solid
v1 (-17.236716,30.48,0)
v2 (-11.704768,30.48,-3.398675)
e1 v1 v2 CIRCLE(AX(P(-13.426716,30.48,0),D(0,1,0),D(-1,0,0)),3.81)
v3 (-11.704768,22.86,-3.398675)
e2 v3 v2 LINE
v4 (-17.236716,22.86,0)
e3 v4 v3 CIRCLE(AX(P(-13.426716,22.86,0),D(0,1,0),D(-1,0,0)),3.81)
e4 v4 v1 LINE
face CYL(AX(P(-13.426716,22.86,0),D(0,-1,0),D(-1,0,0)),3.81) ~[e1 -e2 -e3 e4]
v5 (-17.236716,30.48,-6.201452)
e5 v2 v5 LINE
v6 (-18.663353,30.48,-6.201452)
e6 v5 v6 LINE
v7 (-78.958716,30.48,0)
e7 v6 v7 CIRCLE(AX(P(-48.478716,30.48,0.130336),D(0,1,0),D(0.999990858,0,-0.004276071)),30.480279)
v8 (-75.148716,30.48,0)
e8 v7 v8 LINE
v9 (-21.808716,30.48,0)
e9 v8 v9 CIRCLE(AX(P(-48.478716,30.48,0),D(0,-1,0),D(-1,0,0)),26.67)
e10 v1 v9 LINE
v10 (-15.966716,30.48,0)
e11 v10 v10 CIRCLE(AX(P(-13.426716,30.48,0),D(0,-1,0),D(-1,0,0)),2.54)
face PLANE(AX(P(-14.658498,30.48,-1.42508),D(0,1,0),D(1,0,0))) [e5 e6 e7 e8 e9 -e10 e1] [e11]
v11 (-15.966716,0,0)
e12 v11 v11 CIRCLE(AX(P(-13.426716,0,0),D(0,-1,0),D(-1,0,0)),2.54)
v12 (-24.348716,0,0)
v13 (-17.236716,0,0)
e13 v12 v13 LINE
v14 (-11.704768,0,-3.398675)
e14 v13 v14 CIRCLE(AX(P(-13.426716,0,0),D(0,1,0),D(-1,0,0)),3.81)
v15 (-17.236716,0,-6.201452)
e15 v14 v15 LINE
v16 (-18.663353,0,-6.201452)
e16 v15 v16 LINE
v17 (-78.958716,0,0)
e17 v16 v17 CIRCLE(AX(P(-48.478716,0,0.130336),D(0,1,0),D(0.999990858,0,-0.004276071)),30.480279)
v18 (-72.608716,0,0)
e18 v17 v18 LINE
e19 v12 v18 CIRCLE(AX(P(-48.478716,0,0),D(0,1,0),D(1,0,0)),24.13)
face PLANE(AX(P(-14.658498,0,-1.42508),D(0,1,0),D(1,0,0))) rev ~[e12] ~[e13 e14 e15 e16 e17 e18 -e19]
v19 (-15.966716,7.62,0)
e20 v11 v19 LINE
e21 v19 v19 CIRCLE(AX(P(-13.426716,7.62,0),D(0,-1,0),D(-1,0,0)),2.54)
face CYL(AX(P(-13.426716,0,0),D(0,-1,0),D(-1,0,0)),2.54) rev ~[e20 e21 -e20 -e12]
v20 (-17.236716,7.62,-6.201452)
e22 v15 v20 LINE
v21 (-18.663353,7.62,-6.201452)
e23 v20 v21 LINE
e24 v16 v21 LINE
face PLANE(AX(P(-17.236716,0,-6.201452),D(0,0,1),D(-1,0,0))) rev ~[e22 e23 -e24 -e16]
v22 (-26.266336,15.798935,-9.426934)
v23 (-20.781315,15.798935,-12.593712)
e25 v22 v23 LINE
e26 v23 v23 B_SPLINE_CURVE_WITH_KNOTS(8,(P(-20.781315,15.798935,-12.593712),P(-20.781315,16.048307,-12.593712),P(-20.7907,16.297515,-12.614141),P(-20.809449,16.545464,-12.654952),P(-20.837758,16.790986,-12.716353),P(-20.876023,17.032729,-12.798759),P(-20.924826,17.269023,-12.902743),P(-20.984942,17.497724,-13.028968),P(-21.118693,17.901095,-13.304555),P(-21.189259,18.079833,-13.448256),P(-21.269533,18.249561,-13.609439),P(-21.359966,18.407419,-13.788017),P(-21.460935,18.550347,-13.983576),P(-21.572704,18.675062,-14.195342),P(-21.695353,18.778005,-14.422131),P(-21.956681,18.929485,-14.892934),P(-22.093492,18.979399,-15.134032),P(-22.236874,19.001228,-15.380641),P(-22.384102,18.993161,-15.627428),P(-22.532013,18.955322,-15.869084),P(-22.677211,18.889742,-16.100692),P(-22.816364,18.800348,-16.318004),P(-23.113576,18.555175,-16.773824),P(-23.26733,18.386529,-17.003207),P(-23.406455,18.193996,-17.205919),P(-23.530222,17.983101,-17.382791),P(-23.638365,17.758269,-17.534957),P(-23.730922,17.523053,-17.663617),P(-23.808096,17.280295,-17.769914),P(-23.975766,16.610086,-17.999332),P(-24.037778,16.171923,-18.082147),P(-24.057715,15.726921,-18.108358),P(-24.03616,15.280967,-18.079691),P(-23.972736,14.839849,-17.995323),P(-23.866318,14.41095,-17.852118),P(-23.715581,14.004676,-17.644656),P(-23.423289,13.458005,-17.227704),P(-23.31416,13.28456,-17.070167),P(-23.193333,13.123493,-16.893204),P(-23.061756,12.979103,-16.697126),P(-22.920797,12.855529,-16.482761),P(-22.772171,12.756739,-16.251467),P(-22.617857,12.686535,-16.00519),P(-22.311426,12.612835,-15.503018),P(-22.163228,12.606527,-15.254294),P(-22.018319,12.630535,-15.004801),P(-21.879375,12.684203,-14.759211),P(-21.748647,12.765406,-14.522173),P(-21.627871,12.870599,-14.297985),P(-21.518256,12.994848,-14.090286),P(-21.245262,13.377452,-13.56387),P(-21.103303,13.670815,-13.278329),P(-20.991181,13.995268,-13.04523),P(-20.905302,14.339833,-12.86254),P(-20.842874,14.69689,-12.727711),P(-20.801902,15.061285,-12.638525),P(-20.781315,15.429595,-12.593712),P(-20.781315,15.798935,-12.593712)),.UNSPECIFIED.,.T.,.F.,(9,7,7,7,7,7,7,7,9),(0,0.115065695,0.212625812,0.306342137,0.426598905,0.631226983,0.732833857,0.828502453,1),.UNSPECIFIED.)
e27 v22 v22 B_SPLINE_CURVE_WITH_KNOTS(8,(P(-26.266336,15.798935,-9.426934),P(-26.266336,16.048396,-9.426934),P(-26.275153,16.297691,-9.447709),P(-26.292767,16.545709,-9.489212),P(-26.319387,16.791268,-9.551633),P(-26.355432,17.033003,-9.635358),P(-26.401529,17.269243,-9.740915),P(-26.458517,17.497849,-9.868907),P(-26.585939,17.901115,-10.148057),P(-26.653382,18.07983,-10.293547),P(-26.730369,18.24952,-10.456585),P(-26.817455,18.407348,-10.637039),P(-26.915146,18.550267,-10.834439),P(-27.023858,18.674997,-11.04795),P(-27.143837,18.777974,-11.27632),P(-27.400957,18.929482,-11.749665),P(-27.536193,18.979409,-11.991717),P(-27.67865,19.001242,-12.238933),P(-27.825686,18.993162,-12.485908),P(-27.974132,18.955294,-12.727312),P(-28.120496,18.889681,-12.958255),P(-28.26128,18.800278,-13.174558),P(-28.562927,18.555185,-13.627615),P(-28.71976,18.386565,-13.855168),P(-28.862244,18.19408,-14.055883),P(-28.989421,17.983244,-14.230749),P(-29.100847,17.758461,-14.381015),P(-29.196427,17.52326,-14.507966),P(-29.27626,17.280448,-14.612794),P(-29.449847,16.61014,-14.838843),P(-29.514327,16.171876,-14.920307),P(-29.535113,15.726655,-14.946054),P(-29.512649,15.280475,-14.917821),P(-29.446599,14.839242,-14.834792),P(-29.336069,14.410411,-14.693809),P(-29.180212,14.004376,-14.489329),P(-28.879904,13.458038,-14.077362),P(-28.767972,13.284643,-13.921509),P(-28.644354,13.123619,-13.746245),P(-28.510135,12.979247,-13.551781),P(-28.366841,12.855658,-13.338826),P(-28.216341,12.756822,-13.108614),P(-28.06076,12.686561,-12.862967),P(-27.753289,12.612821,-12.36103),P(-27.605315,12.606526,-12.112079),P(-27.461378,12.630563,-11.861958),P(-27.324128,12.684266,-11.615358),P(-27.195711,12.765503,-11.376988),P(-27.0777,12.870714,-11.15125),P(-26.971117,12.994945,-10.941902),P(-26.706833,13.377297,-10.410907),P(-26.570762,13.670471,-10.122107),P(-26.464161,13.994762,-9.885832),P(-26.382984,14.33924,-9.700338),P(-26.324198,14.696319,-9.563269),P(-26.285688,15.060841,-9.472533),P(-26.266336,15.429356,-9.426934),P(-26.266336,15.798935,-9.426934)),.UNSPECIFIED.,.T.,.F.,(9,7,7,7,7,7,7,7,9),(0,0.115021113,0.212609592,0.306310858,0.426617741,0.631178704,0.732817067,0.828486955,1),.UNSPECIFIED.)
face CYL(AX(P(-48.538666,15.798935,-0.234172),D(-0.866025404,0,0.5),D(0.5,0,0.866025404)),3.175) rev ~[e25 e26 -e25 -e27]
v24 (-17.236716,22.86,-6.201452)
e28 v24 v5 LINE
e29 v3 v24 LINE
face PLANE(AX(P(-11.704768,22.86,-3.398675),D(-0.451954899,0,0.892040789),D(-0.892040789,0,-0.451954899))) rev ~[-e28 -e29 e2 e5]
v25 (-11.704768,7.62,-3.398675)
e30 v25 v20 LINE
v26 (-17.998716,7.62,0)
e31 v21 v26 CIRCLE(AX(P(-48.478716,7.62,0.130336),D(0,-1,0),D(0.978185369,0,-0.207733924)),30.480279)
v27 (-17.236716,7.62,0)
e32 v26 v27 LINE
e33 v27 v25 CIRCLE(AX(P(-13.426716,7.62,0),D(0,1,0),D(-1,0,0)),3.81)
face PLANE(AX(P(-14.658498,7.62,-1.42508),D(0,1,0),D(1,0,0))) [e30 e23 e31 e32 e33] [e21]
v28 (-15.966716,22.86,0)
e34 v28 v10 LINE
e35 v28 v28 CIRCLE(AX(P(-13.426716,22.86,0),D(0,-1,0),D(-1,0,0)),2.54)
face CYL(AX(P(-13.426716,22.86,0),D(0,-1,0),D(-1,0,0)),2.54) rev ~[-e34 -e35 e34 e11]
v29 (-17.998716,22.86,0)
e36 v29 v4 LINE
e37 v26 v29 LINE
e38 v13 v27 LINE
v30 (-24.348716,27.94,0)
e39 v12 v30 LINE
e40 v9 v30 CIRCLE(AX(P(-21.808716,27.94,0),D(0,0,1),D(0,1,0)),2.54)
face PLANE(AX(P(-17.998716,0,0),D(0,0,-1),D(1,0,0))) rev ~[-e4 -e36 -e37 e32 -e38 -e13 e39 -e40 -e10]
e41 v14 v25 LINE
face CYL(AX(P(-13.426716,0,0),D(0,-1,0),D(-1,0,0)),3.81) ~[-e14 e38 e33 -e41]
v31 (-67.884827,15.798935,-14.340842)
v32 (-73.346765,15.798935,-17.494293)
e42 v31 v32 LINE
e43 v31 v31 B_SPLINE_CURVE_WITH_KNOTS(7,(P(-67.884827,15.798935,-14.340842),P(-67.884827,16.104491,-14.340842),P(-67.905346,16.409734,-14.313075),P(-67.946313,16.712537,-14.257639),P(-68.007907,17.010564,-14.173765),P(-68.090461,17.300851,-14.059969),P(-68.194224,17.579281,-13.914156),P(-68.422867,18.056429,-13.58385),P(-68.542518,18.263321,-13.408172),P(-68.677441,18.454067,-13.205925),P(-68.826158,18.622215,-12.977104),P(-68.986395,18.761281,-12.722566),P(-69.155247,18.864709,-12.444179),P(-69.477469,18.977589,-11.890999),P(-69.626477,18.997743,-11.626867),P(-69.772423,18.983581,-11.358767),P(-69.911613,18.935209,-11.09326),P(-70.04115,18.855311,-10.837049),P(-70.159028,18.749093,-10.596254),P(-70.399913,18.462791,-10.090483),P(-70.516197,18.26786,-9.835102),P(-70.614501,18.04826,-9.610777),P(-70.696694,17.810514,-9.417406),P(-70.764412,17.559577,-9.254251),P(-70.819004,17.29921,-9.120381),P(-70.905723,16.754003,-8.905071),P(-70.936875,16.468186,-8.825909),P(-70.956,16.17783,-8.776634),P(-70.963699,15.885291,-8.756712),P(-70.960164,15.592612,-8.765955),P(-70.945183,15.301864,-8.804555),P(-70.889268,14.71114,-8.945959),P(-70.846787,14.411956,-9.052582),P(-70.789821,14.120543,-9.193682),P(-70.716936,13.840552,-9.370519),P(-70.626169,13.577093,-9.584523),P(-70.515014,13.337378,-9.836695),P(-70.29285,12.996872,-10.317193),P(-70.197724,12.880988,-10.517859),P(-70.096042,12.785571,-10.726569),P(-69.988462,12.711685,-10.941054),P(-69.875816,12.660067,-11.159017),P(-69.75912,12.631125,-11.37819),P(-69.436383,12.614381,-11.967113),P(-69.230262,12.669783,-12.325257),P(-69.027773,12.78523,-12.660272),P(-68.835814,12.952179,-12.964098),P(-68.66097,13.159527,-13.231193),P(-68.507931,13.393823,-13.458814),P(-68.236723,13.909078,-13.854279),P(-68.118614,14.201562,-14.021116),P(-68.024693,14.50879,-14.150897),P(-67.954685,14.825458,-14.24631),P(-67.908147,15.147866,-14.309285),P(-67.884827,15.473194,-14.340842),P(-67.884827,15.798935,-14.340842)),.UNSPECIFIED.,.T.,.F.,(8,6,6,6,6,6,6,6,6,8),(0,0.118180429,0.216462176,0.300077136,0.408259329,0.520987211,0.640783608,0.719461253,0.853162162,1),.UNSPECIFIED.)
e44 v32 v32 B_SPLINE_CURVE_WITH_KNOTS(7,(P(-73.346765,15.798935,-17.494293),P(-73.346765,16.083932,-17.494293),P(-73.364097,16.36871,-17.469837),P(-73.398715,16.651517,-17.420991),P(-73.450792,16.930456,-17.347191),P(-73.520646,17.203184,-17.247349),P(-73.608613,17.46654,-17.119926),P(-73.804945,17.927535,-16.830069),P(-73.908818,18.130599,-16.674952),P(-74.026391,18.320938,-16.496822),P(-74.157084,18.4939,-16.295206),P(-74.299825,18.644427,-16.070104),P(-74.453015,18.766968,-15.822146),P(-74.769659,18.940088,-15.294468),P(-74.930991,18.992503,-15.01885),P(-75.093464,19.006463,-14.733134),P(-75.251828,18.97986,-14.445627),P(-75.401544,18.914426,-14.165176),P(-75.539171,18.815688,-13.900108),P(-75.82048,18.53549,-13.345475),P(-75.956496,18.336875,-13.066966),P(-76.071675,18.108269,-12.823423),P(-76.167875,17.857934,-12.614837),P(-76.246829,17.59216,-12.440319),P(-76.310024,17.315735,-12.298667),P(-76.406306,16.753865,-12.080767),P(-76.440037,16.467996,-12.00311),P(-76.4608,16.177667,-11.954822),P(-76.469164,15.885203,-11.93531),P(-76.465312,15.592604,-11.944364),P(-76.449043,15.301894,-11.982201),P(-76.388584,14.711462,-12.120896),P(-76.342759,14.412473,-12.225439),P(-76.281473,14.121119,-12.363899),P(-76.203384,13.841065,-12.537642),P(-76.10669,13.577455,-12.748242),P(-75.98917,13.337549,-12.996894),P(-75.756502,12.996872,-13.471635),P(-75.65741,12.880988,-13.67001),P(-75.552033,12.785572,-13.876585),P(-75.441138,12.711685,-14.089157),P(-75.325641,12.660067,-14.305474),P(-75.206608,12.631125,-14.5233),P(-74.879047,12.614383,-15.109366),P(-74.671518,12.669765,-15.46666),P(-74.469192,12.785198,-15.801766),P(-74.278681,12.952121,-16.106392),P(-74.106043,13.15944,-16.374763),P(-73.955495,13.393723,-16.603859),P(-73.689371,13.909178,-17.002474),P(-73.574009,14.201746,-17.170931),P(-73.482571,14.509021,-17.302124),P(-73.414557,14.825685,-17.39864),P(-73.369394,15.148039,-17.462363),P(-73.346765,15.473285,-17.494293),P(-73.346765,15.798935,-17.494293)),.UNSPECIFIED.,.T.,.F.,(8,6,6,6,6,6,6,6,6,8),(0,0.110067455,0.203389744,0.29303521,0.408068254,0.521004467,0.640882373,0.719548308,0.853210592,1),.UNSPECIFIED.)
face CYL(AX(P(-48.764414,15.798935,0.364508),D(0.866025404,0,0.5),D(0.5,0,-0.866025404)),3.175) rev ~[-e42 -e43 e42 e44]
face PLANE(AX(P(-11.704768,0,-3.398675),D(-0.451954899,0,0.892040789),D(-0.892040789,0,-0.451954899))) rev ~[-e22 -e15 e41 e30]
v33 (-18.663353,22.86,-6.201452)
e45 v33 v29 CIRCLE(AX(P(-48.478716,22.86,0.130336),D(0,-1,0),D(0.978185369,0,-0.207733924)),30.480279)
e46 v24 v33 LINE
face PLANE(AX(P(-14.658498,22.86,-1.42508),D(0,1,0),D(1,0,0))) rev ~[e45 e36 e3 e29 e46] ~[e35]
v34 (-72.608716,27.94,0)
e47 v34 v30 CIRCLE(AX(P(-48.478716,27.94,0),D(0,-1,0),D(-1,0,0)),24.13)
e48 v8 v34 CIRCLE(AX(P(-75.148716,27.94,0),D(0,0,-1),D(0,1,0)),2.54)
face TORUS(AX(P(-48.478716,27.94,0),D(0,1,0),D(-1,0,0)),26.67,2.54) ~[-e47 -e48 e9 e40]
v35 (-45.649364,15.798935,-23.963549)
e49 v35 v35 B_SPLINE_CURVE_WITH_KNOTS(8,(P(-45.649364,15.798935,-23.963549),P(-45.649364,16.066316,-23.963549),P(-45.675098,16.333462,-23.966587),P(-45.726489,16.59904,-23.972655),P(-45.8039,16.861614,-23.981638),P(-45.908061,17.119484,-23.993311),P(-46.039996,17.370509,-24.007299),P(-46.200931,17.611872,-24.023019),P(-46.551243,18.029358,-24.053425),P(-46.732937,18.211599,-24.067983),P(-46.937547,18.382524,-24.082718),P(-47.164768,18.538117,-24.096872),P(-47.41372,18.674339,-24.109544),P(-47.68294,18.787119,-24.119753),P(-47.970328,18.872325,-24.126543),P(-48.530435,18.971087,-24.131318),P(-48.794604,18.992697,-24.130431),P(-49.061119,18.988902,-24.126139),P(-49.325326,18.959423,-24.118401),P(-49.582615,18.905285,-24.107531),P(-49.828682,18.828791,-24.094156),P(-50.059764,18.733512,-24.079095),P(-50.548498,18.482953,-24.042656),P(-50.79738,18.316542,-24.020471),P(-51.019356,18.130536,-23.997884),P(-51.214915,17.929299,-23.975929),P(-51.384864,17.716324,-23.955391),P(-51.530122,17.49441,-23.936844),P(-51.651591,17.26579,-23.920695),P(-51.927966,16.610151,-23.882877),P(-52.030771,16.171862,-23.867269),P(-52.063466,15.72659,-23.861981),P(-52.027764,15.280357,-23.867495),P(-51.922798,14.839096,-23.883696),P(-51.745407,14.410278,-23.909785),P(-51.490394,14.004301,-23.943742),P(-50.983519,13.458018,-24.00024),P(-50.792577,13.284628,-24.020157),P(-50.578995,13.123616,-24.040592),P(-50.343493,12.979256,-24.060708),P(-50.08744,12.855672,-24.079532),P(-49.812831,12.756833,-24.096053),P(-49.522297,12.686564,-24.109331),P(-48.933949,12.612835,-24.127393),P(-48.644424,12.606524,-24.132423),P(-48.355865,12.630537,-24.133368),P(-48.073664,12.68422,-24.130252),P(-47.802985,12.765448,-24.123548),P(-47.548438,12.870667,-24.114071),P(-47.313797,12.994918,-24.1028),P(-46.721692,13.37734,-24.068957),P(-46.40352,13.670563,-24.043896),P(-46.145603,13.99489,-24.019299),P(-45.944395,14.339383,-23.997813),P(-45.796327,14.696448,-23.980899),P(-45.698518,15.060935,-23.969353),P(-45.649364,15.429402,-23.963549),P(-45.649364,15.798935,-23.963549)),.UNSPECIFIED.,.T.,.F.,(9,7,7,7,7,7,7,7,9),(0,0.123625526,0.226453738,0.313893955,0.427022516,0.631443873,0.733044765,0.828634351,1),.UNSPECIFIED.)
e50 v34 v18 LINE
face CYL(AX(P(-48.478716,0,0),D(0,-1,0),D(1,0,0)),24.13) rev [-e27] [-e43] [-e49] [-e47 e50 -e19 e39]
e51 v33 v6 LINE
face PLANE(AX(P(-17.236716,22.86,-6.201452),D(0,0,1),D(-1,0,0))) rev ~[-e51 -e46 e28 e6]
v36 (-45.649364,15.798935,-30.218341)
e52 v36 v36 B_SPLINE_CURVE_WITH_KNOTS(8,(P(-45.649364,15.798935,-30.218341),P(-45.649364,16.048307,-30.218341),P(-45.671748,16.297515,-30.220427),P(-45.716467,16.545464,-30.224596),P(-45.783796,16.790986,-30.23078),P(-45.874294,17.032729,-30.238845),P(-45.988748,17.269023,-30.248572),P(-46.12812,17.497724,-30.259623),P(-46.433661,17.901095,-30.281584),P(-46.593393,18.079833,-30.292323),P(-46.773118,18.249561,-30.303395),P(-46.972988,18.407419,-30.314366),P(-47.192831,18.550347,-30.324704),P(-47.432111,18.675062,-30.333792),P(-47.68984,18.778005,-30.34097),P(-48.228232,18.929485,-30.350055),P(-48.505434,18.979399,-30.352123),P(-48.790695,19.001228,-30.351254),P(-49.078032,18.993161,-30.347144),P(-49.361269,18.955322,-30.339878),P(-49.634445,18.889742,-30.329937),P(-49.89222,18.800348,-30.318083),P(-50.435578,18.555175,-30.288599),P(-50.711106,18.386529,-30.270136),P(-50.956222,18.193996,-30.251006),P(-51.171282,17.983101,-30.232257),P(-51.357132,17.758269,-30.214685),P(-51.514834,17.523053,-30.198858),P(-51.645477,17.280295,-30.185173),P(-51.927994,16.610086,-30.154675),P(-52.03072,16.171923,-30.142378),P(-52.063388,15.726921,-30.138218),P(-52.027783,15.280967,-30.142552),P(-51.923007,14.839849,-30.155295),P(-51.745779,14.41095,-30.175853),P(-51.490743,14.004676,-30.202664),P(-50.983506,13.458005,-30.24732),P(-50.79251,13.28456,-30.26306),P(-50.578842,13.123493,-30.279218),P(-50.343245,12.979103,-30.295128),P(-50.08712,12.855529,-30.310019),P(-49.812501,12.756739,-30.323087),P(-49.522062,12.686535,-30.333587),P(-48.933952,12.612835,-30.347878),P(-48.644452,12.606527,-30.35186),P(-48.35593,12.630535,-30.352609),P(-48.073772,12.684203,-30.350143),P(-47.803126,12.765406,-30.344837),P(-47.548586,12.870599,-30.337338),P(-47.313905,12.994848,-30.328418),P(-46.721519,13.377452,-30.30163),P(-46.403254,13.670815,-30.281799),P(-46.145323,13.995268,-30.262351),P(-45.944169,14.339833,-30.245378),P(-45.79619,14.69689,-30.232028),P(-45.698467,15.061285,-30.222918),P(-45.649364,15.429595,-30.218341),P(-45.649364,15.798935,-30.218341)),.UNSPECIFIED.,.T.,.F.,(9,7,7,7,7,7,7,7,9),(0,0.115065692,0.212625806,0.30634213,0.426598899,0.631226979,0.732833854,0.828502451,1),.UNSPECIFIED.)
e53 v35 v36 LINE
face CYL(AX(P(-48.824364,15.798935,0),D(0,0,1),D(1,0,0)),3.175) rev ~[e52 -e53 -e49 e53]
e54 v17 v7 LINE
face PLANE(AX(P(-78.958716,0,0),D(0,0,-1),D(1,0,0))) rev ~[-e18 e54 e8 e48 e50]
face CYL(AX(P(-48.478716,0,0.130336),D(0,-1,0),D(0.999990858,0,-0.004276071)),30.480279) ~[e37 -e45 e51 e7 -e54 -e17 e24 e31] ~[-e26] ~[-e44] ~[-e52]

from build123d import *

# Parameters (mm, degrees)
BOSS_EXTRUDE1_DEPTH = 30.48
SKETCH3_R           = 24.13
CUT_EXTRUDE4_DEPTH  = 90.914560616
SKETCH4_R           = 3.175
CUT_EXTRUDE5_DEPTH  = 63.754
CIRPATTERN3_COUNT   = 6
BOSS_EXTRUDE2_START = -7.62
BOSS_EXTRUDE2_DEPTH = 7.62
LPATTERN1_COUNT     = 2
LPATTERN1_PITCH     = 22.86
FILLET1_R           = 2.54


with BuildPart() as part:
    # Sketch1 → Boss-Extrude1 (new body)
    with BuildSketch(Plane(origin=(0, 0, 0), x_dir=(1, 0, 0), z_dir=(0, 1, 0))):
        with BuildLine():
            Line((-78.958715675, 0), (-17.998715675, 0))
            ThreePointArc((-17.998715675, 0), (-48.478715675, 30.349942827), (-78.958715675, 0))
        make_face()
    extrude(amount=BOSS_EXTRUDE1_DEPTH)

    # Sketch3 → Cut-Extrude4 (cut, through all)
    with BuildSketch(Plane(origin=(0, 0, 0), x_dir=(1, 0, 0), z_dir=(0, 1, 0))):
        with Locations((-48.478715675, 0)):
            Circle(SKETCH3_R)
    extrude(amount=CUT_EXTRUDE4_DEPTH, mode=Mode.SUBTRACT)

    # Sketch4 → Cut-Extrude5 (cut)
    with BuildSketch(Plane.XY):
        with Locations((-48.824364134, 15.798935299)):
            Circle(SKETCH4_R)
    cut_extrude5 = extrude(amount=-CUT_EXTRUDE5_DEPTH, mode=Mode.SUBTRACT)

    # CirPattern3: Cut-Extrude5 ×6 about axis
    cirpattern3_axis = Axis((-48.478715675, 30.48, 0.130335837), (0, -1, 0))
    for i in range(1, CIRPATTERN3_COUNT):
        add(cut_extrude5.rotate(cirpattern3_axis, i * 360 / CIRPATTERN3_COUNT), mode=Mode.SUBTRACT)

    # Sketch5 → Boss-Extrude2 (add)
    with BuildSketch(Plane(origin=(0, 30.48, 0), x_dir=(1, 0, 0), z_dir=(0, 1, 0)).offset(BOSS_EXTRUDE2_START)):
        with BuildLine():
            Line((-17.998715675, 0), (-17.236715675, 0))
            ThreePointArc((-17.236715675, 0), (-11.432288754, -3.246284223), (-11.704767509, 3.398675405))
            Line((-11.704767509, 3.398675405), (-17.236715675, 6.201452036))
            Line((-17.236715675, 6.201452036), (-18.252715675, 6.201452036))
            Line((-18.252715675, 6.201452036), (-18.663353029, 6.201452036))
            ThreePointArc((-18.663353029, 6.201452036), (-18.171997096, 3.117770752), (-17.998715675, 0))
        make_face()
        with BuildLine():
            ThreePointArc((-10.886715675, 0), (-13.426715675, -2.54), (-15.966715675, 0))
            ThreePointArc((-15.966715675, 0), (-13.426715675, 2.54), (-10.886715675, 0))
        make_face(mode=Mode.SUBTRACT)
    boss_extrude2 = extrude(amount=BOSS_EXTRUDE2_DEPTH)

    # LPattern1: Boss-Extrude2 ×2
    with Locations(*[(0, -i * LPATTERN1_PITCH, 0) for i in range(1, LPATTERN1_COUNT)]):
        add(boss_extrude2)

    # Fillet1
    fillet1_edges = [part.edges().sort_by_distance(p)[0] for p in [
        (-48.478715675, 30.48, -24.13),
    ]]
    fillet(fillet1_edges, radius=FILLET1_R)


solid = part.part
